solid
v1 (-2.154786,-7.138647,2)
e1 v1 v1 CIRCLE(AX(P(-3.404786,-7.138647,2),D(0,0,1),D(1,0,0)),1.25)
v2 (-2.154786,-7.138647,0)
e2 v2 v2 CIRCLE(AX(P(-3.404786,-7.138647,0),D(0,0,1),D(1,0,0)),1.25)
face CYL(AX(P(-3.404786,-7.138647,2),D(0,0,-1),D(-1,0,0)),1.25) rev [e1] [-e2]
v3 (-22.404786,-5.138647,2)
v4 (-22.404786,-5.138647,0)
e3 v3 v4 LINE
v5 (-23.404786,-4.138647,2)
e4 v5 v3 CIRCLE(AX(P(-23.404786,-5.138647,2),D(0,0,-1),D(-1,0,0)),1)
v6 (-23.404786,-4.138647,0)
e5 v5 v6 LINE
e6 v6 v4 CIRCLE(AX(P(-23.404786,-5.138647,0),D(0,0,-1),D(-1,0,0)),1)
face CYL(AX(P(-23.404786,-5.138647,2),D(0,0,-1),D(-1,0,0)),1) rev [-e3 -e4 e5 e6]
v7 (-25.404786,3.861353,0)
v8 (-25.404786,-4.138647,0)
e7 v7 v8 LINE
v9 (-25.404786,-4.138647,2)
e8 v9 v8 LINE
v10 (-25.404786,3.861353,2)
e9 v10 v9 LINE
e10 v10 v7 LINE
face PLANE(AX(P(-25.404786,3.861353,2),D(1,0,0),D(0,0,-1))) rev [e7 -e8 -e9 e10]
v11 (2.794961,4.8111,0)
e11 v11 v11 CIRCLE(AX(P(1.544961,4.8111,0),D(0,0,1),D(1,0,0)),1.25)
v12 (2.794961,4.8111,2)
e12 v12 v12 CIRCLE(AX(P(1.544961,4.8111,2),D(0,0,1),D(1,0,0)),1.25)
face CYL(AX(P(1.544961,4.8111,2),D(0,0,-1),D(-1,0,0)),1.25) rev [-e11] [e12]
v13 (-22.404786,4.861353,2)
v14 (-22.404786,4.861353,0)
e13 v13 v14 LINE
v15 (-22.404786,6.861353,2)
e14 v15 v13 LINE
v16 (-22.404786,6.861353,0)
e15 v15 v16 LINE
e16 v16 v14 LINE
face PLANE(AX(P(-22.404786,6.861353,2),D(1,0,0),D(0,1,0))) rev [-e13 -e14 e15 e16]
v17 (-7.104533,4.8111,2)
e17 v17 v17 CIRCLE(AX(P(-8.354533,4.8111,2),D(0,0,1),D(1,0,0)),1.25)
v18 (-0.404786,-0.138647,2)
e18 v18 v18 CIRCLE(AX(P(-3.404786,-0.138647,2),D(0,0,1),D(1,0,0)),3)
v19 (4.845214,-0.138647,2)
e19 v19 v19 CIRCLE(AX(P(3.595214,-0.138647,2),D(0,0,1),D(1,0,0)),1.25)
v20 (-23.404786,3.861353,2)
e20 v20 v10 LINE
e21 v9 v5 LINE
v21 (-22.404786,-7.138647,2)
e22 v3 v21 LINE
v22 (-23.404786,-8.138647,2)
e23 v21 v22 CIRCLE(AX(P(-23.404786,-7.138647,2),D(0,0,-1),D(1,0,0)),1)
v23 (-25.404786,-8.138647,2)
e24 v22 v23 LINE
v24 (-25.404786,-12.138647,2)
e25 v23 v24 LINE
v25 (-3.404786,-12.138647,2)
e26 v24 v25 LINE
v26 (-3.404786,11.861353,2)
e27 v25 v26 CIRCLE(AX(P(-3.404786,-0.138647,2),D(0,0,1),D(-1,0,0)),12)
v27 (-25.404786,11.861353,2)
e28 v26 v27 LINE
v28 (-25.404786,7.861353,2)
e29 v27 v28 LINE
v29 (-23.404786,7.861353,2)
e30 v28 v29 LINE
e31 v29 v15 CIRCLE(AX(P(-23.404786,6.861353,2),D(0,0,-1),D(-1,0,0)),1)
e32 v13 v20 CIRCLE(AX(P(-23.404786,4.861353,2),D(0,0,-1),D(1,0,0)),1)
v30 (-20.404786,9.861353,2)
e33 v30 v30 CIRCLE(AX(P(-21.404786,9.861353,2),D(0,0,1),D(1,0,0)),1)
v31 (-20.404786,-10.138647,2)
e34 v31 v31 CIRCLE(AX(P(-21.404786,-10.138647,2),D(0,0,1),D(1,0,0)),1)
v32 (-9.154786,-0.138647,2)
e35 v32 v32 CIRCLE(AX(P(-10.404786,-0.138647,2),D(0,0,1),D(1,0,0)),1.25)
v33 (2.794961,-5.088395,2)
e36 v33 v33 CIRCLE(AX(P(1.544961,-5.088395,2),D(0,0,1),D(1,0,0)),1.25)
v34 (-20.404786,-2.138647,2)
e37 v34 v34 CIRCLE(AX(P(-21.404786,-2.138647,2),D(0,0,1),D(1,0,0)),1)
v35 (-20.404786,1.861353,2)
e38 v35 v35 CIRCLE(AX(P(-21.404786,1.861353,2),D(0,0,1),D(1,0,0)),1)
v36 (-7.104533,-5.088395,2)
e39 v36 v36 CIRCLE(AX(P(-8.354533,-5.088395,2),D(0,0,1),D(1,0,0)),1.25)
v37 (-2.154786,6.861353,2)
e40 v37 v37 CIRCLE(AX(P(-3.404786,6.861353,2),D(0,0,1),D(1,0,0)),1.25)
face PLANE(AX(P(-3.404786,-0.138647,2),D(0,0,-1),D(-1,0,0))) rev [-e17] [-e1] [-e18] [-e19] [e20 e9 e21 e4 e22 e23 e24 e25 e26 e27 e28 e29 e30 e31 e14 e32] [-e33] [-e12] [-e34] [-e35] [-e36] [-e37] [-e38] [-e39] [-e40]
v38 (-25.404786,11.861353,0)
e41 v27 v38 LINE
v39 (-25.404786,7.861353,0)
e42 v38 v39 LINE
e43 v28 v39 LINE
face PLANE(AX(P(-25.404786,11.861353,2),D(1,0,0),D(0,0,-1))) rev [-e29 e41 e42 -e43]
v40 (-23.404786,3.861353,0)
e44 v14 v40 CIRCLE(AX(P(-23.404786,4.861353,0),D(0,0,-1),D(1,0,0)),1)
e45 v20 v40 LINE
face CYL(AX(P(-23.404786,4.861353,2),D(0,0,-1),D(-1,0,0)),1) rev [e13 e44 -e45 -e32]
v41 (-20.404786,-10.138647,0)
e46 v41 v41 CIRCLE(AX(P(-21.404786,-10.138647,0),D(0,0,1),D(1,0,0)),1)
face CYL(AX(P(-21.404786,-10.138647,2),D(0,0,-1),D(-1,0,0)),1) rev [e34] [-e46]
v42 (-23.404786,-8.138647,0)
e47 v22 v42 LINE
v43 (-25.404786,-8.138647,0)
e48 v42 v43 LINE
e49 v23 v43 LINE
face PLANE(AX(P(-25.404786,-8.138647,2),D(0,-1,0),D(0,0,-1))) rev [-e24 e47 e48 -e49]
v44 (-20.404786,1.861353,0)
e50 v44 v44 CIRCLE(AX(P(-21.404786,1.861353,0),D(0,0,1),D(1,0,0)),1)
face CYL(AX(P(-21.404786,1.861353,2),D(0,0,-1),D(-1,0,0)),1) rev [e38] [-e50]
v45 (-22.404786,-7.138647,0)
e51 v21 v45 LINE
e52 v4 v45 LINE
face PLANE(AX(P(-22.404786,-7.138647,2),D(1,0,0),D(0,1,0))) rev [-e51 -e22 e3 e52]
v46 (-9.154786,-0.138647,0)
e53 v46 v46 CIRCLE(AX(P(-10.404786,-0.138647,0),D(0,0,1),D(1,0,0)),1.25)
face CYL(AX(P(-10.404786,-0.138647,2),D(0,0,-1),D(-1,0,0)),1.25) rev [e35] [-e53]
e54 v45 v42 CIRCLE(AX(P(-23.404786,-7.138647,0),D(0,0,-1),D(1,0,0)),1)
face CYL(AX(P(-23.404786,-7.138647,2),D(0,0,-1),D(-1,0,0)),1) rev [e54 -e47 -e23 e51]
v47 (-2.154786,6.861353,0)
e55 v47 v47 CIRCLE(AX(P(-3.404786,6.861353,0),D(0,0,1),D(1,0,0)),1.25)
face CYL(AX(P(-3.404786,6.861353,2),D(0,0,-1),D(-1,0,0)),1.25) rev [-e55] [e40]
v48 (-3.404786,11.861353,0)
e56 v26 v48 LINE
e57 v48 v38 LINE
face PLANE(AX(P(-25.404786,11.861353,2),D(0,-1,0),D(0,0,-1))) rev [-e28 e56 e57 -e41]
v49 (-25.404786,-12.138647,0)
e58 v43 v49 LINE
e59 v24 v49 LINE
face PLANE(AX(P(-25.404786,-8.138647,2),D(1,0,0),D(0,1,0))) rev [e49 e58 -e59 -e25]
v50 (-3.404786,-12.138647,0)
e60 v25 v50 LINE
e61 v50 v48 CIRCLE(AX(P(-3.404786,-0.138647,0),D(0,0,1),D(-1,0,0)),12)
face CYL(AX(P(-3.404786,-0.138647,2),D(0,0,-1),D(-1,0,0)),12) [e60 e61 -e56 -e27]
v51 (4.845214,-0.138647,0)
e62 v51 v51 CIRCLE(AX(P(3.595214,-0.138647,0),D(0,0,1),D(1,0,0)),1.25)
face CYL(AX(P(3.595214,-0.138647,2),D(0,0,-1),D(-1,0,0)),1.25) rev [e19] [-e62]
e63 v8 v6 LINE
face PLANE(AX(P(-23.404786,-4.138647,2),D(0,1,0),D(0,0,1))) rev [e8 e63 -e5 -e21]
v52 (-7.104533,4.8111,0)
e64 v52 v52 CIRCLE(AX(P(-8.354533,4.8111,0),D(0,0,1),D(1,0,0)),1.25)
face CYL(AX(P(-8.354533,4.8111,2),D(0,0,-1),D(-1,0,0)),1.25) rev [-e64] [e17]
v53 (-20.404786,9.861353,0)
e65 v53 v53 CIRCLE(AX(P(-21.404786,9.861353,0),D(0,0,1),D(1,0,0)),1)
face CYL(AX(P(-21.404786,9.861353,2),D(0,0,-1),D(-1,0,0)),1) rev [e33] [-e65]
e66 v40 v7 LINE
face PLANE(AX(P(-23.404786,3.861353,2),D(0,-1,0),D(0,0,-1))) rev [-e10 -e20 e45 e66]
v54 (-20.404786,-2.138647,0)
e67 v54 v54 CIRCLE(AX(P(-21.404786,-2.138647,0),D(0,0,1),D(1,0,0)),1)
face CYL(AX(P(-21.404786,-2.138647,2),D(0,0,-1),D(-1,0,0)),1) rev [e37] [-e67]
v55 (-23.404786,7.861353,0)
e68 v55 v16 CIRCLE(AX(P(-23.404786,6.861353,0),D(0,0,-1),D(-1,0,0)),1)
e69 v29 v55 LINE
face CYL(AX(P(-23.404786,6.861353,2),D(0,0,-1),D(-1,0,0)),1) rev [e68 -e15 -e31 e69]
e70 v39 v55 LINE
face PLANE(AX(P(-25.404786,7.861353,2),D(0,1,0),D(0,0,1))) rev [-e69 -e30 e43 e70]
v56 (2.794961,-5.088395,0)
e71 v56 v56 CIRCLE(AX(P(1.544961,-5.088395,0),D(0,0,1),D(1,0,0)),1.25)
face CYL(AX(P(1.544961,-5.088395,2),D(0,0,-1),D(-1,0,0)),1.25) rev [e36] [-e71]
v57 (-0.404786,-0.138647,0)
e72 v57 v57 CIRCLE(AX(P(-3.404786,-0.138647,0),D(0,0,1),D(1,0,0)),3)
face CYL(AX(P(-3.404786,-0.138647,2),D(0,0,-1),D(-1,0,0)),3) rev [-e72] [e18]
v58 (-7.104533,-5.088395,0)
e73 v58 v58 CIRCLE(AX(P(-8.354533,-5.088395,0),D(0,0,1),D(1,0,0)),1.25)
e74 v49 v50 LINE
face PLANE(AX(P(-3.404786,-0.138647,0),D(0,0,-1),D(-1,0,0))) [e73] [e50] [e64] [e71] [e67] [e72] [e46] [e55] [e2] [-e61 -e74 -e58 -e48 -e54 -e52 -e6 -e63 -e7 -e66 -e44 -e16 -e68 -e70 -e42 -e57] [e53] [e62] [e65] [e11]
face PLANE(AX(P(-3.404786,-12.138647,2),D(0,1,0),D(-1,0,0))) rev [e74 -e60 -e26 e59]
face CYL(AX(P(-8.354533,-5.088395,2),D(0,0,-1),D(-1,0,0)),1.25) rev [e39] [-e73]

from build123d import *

# Parameters (mm, degrees)
SKETCH_8_R      = 1.25
SKETCH_8_R_2    = 3
SKETCH_8_R_3    = 1
EXTRUDE_1_DEPTH = 2


with BuildPart() as part:
    # 草圖8 → 填料-伸長1 (new body)
    with BuildSketch(Plane.XY):
        with BuildLine():
            Line((-25.40478598, 11.861352689), (-25.40478598, 7.861352689))
            Line((-25.40478598, 7.861352689), (-23.40478598, 7.861352689))
            ThreePointArc((-23.40478598, 7.861352689), (-22.697679198, 7.56845947), (-22.40478598, 6.861352689))
            Line((-22.40478598, 6.861352689), (-22.40478598, 4.861352689))
            ThreePointArc((-22.40478598, 4.861352689), (-22.697679198, 4.154245908), (-23.40478598, 3.861352689))
            Line((-23.40478598, 3.861352689), (-25.40478598, 3.861352689))
            Line((-25.40478598, 3.861352689), (-25.40478598, -4.138647311))
            Line((-25.40478598, -4.138647311), (-23.40478598, -4.138647311))
            ThreePointArc((-23.40478598, -4.138647311), (-22.697679198, -4.43154053), (-22.40478598, -5.138647311))
            Line((-22.40478598, -5.138647311), (-22.40478598, -7.138647311))
            ThreePointArc((-22.40478598, -7.138647311), (-22.697679198, -7.845754092), (-23.40478598, -8.138647311))
            Line((-23.40478598, -8.138647311), (-25.40478598, -8.138647311))
            Line((-25.40478598, -8.138647311), (-25.40478598, -12.138647311))
            Line((-25.40478598, -12.138647311), (-3.40478598, -12.138647311))
            ThreePointArc((-3.40478598, -12.138647311), (8.59521402, -0.138647311), (-3.40478598, 11.861352689))
            Line((-3.40478598, 11.861352689), (-25.40478598, 11.861352689))
        make_face()
        with Locations((-3.40478598, 6.861352689)):
            Circle(SKETCH_8_R, mode=Mode.SUBTRACT)
        with Locations((1.544961489, 4.811100157)):
            Circle(SKETCH_8_R, mode=Mode.SUBTRACT)
        with Locations((-3.40478598, -0.138647311)):
            Circle(SKETCH_8_R_2, mode=Mode.SUBTRACT)
        with Locations((3.59521402, -0.138647311)):
            Circle(SKETCH_8_R, mode=Mode.SUBTRACT)
        with Locations((1.544961489, -5.08839478)):
            Circle(SKETCH_8_R, mode=Mode.SUBTRACT)
        with Locations((-3.40478598, -7.138647311)):
            Circle(SKETCH_8_R, mode=Mode.SUBTRACT)
        with Locations((-8.354533448, -5.08839478)):
            Circle(SKETCH_8_R, mode=Mode.SUBTRACT)
        with Locations((-10.40478598, -0.138647311)):
            Circle(SKETCH_8_R, mode=Mode.SUBTRACT)
        with Locations((-8.354533448, 4.811100157)):
            Circle(SKETCH_8_R, mode=Mode.SUBTRACT)
        with Locations((-21.40478598, 9.861352689)):
            Circle(SKETCH_8_R_3, mode=Mode.SUBTRACT)
        with Locations((-21.40478598, 1.861352689)):
            Circle(SKETCH_8_R_3, mode=Mode.SUBTRACT)
        with Locations((-21.40478598, -2.138647311)):
            Circle(SKETCH_8_R_3, mode=Mode.SUBTRACT)
        with Locations((-21.40478598, -10.138647311)):
            Circle(SKETCH_8_R_3, mode=Mode.SUBTRACT)
    extrude(amount=EXTRUDE_1_DEPTH)


solid = part.part
